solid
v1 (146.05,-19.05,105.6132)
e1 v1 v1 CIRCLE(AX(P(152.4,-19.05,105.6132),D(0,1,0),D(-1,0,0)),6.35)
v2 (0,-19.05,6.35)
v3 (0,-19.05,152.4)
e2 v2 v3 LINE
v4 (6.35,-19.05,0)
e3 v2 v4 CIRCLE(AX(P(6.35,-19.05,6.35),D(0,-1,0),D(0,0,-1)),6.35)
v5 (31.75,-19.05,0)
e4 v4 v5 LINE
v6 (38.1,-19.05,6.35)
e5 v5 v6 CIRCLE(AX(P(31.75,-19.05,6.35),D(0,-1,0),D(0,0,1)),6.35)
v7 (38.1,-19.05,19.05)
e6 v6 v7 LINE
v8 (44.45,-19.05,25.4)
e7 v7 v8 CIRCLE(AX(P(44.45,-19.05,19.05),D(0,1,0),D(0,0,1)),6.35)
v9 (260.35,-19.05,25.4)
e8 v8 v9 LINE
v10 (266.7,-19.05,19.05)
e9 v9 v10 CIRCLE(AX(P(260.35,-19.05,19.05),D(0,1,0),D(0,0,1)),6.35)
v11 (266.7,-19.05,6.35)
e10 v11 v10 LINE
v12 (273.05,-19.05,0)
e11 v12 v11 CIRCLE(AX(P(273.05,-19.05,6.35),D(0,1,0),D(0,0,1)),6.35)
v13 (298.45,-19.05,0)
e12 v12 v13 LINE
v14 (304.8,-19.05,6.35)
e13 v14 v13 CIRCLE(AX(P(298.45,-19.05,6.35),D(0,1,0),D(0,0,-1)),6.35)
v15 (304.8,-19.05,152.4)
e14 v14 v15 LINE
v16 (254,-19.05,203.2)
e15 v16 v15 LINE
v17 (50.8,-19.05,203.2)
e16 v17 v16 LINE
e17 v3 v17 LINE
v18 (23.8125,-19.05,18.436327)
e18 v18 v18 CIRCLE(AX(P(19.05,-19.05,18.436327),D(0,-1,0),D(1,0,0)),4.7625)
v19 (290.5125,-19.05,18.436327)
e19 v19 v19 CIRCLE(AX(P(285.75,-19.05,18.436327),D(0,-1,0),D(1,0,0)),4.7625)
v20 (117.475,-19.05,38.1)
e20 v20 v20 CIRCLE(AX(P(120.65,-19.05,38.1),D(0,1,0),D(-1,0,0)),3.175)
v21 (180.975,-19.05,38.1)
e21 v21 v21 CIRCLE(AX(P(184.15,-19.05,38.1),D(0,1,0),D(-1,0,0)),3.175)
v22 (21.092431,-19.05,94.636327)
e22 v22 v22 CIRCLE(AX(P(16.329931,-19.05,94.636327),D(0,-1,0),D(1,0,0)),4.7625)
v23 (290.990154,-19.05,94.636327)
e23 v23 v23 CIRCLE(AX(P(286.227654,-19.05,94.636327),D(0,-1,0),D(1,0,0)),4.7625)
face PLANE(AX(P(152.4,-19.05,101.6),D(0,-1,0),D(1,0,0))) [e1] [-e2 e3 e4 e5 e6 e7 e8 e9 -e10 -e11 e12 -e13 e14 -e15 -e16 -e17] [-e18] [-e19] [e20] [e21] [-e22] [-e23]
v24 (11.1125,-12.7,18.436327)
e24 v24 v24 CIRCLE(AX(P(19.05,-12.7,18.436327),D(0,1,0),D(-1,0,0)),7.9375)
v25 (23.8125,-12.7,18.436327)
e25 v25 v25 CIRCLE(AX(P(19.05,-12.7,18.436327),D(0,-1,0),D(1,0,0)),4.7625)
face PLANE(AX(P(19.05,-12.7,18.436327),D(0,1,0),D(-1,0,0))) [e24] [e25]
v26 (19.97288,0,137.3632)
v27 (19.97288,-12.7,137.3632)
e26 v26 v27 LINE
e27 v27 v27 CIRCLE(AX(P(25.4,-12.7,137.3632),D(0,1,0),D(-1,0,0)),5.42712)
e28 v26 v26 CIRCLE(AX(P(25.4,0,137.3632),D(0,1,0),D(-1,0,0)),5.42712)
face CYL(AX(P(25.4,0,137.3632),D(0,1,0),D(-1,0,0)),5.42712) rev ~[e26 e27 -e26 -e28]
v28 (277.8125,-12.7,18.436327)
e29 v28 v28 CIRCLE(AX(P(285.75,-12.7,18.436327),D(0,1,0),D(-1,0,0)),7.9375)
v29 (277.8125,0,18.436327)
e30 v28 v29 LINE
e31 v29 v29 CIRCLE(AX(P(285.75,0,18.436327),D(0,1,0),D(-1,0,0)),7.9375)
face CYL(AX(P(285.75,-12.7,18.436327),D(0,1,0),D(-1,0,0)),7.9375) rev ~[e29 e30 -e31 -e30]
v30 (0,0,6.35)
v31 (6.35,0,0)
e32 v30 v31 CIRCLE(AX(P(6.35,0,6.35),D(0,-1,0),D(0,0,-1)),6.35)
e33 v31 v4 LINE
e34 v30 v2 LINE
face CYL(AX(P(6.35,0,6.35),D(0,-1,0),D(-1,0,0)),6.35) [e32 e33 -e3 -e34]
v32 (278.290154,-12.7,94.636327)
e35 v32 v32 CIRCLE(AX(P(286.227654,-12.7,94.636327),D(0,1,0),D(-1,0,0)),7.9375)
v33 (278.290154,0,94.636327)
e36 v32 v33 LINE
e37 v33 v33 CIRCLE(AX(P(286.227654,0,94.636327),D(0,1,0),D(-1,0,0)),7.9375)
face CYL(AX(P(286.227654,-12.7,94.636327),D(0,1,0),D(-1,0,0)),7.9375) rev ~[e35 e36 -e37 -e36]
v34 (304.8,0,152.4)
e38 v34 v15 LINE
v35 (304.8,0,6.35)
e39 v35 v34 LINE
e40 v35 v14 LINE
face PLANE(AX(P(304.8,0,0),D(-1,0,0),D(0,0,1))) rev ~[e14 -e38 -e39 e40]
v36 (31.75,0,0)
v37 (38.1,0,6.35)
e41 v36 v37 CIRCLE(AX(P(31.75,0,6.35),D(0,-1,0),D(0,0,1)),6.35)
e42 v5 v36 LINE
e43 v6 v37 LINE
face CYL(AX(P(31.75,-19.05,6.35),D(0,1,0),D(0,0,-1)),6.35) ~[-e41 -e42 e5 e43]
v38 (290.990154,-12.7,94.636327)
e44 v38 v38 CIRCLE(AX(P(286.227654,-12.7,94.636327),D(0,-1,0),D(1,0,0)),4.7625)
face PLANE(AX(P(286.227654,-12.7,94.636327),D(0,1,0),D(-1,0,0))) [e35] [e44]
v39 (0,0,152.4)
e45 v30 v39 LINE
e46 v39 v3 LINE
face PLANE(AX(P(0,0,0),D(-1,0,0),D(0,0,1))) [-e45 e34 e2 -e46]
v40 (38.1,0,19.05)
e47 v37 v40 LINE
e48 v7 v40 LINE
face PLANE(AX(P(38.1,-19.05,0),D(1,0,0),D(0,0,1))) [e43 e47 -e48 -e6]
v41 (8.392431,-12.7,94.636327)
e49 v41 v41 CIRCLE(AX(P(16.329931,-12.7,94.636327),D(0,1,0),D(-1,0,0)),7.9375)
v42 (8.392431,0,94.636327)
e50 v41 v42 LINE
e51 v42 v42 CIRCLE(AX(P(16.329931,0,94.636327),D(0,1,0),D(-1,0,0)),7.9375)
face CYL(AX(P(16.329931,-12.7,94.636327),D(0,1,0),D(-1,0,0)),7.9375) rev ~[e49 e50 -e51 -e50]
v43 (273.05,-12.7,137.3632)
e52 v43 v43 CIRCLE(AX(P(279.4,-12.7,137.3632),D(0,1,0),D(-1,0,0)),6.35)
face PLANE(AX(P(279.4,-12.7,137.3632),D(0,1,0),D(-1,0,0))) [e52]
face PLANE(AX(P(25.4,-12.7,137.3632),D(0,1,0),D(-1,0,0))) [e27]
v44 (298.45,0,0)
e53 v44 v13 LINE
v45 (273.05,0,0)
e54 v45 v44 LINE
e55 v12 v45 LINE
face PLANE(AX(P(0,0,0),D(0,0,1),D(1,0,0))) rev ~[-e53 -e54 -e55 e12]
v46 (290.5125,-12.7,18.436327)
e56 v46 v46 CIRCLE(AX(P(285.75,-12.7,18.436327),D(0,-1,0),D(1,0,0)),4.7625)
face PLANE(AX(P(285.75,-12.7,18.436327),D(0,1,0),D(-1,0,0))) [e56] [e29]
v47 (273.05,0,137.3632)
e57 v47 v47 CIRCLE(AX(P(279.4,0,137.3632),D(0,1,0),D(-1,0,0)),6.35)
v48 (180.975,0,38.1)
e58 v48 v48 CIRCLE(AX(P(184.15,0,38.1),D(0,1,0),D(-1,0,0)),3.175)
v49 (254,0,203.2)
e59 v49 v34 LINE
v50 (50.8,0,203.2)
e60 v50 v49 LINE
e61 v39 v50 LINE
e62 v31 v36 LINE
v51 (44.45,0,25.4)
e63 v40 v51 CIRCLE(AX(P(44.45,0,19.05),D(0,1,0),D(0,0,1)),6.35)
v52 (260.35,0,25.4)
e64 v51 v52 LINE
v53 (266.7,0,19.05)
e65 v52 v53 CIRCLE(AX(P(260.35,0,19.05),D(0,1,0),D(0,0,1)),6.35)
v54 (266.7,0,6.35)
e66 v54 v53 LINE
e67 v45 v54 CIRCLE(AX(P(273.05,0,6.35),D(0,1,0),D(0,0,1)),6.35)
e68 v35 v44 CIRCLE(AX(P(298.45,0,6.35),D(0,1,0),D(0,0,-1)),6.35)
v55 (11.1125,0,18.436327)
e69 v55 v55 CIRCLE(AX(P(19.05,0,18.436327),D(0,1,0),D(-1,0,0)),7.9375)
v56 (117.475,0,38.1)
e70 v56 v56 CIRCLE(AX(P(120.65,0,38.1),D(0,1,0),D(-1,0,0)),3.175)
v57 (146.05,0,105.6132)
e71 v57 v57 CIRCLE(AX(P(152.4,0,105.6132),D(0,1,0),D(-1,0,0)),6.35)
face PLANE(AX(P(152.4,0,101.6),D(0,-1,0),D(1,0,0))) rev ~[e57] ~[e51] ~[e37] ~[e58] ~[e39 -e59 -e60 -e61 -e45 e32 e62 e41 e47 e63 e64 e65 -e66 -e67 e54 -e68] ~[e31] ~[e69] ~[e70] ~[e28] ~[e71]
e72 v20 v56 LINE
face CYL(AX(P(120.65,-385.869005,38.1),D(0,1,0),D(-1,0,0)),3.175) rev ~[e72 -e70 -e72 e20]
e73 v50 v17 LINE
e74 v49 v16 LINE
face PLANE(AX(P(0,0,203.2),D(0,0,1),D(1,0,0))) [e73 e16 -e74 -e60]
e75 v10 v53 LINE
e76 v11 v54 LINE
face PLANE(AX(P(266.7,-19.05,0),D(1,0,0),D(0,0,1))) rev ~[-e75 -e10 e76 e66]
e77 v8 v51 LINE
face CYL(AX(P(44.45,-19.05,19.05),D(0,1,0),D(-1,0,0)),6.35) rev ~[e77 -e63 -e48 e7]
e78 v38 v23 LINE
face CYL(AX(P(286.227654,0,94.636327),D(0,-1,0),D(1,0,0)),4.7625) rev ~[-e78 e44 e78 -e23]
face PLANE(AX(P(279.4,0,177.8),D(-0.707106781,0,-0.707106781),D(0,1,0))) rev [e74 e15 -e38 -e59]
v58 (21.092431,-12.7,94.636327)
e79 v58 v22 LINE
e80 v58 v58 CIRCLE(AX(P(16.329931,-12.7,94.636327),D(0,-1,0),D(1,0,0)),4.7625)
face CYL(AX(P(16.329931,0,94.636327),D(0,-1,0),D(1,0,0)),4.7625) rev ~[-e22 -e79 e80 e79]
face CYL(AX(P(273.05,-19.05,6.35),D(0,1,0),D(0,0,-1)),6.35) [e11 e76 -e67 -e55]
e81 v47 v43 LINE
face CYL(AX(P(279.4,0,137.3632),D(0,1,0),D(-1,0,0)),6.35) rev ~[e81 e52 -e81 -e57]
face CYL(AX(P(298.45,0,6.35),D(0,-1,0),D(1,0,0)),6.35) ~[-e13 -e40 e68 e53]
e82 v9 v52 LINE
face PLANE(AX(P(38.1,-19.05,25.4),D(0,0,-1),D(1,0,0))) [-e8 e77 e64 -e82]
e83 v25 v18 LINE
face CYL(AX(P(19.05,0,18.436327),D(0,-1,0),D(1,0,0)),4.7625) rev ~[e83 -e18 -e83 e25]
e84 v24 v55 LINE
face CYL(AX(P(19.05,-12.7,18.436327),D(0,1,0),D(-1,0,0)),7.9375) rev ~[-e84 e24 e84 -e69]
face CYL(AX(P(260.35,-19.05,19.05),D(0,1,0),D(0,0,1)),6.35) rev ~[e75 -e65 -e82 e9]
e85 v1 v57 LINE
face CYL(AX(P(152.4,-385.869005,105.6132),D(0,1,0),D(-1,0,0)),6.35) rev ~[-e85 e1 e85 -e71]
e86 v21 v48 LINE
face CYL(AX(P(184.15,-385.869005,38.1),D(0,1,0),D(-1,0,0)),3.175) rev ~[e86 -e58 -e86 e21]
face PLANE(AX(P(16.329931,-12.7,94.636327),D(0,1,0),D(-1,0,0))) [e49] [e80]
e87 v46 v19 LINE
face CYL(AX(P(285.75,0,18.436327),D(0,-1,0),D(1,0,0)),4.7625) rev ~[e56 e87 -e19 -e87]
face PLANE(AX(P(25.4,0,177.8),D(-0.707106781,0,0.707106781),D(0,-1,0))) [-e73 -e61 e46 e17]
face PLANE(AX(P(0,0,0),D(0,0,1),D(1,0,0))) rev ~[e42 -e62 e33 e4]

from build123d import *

# Parameters (mm, degrees)
F0_W            = 304.8
F0_H            = 203.2
F1_DEPTH        = 19.05
F2_W            = 228.6
F2_H            = 25.4
F3_DEPTH        = 19.051
F5_D            = 6.35
F6_R            = 6.35
F8_D            = 12.7
F9_R            = 5.4271203762
F9_R_2          = 6.35
F10_DEPTH       = 12.7
F12_D           = 9.525
F12_CBORE_D     = 15.875
F12_CBORE_DEPTH = 12.7
F13_SIZE        = 50.8


with BuildPart() as f1:
    # F0 (on Front) → F1 (new body)
    with BuildSketch(Plane.XZ):
        with Locations((152.4, 101.6)):
            Rectangle(F0_W, F0_H)
    extrude(amount=F1_DEPTH)

    # F2 (on face) → F3 (cut, through all)
    with BuildSketch(Plane.XZ.offset(19.05)):
        with Locations((152.4, 12.7)):
            Rectangle(F2_W, F2_H)
    extrude(amount=-F3_DEPTH, mode=Mode.SUBTRACT)

    # F5 (through all)
    with Locations(Plane.XZ.offset(19.05)):
        with Locations((120.65, 38.1), (184.15, 38.1)):
            Hole(F5_D / 2)

    # F6
    f6_edges = [f1.edges().sort_by_distance(p)[0] for p in [
        (38.1, -9.525, 0),
        (38.1, -9.525, 25.4),
        (0, -9.525, 0),
        (266.7, -9.525, 25.4),
        (266.7, -9.525, 0),
        (304.8, -9.525, 0),
    ]]
    fillet(f6_edges, radius=F6_R)

    # F8 (through all)
    with Locations(Plane.XZ.offset(19.05)):
        with Locations((152.4, 105.6132)):
            Hole(F8_D / 2)

    # F9 (on face) → F10 (cut)
    with BuildSketch(Plane(origin=(0, 0, 0), x_dir=(-1, 0, 0), z_dir=(0, 1, 0))):
        with Locations((-25.4, 137.3632)):
            Circle(F9_R)
        with Locations((-279.4, 137.3632)):
            Circle(F9_R_2)
    extrude(amount=-F10_DEPTH, mode=Mode.SUBTRACT)

    # F12 (through all)
    with Locations(Plane(origin=(0, 0, 0), x_dir=(-1, 0, 0), z_dir=(0, 1, 0))):
        with Locations((-286.227653817, 94.6363272378), (-285.75, 18.4363272378), (-19.05, 18.4363272378), (-16.3299310523, 94.6363272378)):
            CounterBoreHole(F12_D / 2, F12_CBORE_D / 2, F12_CBORE_DEPTH)

    # F13
    f13_edges = [f1.edges().sort_by_distance(p)[0] for p in [
        (304.8, -9.525, 203.2),
        (0, -9.525, 203.2),
    ]]
    chamfer(f13_edges, length=F13_SIZE)


solid = f1.part
